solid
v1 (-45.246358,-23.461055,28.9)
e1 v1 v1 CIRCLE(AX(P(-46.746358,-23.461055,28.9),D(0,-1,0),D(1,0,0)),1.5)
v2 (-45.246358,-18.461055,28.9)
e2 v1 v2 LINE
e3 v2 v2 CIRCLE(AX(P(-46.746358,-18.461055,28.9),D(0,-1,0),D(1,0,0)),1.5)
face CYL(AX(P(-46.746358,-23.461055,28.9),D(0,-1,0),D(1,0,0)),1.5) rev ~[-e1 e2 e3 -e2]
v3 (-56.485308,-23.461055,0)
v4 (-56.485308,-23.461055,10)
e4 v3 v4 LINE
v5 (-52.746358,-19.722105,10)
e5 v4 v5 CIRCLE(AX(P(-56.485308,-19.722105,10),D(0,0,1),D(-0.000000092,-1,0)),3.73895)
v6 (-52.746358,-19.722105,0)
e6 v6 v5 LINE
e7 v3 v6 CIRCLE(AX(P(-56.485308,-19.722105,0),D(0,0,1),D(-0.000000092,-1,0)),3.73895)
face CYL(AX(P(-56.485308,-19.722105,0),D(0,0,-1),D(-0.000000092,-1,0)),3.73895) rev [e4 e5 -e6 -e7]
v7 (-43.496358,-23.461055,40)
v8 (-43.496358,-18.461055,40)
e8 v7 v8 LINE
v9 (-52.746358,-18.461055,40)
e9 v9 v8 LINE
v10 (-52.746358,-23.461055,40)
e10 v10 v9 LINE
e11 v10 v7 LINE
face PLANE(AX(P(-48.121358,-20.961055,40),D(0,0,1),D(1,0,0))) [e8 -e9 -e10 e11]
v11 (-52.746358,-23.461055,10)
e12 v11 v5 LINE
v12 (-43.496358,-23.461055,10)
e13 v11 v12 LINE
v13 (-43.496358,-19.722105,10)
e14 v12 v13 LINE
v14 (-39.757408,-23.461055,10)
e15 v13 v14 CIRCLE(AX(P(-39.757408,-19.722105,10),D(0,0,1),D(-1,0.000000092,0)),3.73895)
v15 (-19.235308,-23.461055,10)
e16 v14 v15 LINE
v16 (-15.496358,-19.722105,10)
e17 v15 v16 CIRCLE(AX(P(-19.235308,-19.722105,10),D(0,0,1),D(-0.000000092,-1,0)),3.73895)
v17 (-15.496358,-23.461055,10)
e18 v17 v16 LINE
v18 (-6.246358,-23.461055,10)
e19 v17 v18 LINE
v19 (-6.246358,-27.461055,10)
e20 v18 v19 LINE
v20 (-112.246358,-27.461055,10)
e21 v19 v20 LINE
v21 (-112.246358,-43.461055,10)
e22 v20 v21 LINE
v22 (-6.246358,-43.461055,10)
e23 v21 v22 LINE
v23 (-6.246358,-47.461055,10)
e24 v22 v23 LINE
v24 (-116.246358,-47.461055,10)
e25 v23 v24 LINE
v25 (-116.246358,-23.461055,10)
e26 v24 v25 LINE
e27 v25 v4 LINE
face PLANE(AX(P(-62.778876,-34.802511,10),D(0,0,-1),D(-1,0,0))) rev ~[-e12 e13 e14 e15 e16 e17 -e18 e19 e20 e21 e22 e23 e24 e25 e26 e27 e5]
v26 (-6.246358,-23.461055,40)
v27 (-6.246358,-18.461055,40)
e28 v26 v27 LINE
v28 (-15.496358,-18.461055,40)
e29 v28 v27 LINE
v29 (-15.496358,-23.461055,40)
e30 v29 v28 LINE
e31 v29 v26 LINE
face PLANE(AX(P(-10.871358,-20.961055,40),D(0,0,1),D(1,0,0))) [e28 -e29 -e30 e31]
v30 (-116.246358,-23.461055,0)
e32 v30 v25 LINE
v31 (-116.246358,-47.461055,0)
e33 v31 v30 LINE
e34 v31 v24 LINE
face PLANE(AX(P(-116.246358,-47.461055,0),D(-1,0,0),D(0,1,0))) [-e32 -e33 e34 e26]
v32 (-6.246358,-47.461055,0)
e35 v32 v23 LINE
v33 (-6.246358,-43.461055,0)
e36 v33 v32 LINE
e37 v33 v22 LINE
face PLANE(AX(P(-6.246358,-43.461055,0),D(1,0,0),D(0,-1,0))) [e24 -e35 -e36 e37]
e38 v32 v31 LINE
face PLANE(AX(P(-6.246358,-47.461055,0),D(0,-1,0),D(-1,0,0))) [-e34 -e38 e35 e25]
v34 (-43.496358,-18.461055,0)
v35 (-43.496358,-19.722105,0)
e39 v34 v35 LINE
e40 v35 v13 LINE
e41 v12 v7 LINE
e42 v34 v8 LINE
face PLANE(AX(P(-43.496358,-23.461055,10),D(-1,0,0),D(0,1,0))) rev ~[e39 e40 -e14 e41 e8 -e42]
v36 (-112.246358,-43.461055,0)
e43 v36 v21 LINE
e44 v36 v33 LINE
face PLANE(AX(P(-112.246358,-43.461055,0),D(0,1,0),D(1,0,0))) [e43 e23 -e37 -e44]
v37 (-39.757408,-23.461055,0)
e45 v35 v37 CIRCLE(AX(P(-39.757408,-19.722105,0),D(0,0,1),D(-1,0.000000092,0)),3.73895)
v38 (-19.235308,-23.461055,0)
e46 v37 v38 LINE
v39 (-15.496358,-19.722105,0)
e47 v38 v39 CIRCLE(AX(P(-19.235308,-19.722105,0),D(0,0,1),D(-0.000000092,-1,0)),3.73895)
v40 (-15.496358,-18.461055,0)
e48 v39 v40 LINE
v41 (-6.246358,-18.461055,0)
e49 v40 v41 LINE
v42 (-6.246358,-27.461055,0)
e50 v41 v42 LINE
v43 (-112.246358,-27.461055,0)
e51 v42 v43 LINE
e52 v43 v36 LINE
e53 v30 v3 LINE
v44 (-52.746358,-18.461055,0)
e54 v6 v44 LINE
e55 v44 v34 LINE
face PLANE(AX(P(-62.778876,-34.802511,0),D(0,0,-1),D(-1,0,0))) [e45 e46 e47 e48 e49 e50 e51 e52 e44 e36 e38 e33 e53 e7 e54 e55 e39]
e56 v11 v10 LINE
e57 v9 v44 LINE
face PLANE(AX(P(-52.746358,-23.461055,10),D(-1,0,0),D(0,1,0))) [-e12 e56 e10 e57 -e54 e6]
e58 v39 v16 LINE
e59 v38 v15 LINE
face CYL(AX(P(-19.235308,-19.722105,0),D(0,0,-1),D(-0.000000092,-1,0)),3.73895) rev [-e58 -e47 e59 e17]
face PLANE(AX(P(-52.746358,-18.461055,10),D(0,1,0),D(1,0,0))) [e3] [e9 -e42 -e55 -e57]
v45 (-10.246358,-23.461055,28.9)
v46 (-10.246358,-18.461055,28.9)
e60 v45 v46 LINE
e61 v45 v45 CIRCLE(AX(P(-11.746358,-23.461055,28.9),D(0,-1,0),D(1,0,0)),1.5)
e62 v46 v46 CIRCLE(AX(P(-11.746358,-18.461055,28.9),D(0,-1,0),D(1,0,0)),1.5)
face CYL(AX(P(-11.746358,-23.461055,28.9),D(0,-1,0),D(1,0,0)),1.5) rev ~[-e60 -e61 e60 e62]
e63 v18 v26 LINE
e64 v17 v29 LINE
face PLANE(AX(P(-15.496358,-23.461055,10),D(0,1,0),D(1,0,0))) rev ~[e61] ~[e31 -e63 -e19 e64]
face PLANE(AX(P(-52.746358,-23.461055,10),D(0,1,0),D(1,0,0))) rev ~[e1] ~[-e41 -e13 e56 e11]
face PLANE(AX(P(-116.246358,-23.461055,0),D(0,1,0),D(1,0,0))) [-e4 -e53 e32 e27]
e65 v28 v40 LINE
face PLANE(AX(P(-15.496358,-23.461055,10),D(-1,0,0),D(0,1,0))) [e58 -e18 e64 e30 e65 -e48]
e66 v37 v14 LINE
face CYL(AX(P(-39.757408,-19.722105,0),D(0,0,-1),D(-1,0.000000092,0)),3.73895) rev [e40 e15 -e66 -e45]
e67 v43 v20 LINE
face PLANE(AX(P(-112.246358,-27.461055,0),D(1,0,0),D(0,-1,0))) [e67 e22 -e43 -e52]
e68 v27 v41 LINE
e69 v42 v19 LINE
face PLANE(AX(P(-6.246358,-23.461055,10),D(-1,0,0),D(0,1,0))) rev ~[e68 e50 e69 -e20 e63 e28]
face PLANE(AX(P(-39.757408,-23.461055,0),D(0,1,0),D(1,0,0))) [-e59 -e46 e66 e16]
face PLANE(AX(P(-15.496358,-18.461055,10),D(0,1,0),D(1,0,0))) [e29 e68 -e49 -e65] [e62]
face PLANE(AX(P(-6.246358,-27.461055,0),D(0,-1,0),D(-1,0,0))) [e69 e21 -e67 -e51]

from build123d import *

# Parameters (mm, degrees)
PAD001_DEPTH    = 10
SKETCH005_W     = 9.25
SKETCH005_H     = 5
PAD002_DEPTH    = 30
SKETCH006_R     = 1.5
POCKET001_DEPTH = 11


with BuildPart() as part:
    # Sketch002 → Pad001 (new body)
    with BuildSketch(Plane.XY):
        with BuildLine():
            Line((-39.757408, -23.461055), (-19.235308, -23.461055))
            ThreePointArc((-19.235308, -23.461055), (-16.591471, -22.365942), (-15.496358, -19.722105))
            Line((-15.496358, -19.722105), (-15.496358, -18.461055))
            Line((-15.496358, -18.461055), (-6.246358, -18.461055))
            Line((-6.246358, -18.461055), (-6.246358, -27.461055))
            Line((-6.246358, -27.461055), (-112.246358, -27.461055))
            Line((-112.246358, -27.461055), (-112.246358, -43.461055))
            Line((-112.246358, -43.461055), (-6.246358, -43.461055))
            Line((-6.246358, -43.461055), (-6.246358, -47.461055))
            Line((-6.246358, -47.461055), (-116.246358, -47.461055))
            Line((-116.246358, -47.461055), (-116.246358, -23.461055))
            Line((-116.246358, -23.461055), (-56.485308, -23.461055))
            ThreePointArc((-56.485308, -23.461055), (-53.841471, -22.365942), (-52.746358, -19.722105))
            Line((-52.746358, -19.722105), (-52.746358, -18.461055))
            Line((-52.746358, -18.461055), (-43.496358, -18.461055))
            Line((-43.496358, -18.461055), (-43.496358, -19.722105))
            ThreePointArc((-43.496358, -19.722105), (-42.401245, -22.365942), (-39.757408, -23.461055))
        make_face()
    extrude(amount=PAD001_DEPTH)

    # Sketch005 → Pad002 (new body)
    with BuildSketch(Plane.XY.offset(10)):
        with Locations((-10.871358, -20.961055)):
            Rectangle(SKETCH005_W, SKETCH005_H)
        with Locations((-48.121358, -20.961055)):
            Rectangle(SKETCH005_W, SKETCH005_H)
    extrude(amount=PAD002_DEPTH)

    # Sketch006 → Pocket001 (cut)
    with BuildSketch(Plane.XZ.offset(23.461055)):
        with Locations((-46.746358, 28.9)):
            Circle(SKETCH006_R)
        with Locations((-11.746358, 28.9)):
            Circle(SKETCH006_R)
    extrude(amount=-POCKET001_DEPTH, mode=Mode.SUBTRACT)


solid = part.part
